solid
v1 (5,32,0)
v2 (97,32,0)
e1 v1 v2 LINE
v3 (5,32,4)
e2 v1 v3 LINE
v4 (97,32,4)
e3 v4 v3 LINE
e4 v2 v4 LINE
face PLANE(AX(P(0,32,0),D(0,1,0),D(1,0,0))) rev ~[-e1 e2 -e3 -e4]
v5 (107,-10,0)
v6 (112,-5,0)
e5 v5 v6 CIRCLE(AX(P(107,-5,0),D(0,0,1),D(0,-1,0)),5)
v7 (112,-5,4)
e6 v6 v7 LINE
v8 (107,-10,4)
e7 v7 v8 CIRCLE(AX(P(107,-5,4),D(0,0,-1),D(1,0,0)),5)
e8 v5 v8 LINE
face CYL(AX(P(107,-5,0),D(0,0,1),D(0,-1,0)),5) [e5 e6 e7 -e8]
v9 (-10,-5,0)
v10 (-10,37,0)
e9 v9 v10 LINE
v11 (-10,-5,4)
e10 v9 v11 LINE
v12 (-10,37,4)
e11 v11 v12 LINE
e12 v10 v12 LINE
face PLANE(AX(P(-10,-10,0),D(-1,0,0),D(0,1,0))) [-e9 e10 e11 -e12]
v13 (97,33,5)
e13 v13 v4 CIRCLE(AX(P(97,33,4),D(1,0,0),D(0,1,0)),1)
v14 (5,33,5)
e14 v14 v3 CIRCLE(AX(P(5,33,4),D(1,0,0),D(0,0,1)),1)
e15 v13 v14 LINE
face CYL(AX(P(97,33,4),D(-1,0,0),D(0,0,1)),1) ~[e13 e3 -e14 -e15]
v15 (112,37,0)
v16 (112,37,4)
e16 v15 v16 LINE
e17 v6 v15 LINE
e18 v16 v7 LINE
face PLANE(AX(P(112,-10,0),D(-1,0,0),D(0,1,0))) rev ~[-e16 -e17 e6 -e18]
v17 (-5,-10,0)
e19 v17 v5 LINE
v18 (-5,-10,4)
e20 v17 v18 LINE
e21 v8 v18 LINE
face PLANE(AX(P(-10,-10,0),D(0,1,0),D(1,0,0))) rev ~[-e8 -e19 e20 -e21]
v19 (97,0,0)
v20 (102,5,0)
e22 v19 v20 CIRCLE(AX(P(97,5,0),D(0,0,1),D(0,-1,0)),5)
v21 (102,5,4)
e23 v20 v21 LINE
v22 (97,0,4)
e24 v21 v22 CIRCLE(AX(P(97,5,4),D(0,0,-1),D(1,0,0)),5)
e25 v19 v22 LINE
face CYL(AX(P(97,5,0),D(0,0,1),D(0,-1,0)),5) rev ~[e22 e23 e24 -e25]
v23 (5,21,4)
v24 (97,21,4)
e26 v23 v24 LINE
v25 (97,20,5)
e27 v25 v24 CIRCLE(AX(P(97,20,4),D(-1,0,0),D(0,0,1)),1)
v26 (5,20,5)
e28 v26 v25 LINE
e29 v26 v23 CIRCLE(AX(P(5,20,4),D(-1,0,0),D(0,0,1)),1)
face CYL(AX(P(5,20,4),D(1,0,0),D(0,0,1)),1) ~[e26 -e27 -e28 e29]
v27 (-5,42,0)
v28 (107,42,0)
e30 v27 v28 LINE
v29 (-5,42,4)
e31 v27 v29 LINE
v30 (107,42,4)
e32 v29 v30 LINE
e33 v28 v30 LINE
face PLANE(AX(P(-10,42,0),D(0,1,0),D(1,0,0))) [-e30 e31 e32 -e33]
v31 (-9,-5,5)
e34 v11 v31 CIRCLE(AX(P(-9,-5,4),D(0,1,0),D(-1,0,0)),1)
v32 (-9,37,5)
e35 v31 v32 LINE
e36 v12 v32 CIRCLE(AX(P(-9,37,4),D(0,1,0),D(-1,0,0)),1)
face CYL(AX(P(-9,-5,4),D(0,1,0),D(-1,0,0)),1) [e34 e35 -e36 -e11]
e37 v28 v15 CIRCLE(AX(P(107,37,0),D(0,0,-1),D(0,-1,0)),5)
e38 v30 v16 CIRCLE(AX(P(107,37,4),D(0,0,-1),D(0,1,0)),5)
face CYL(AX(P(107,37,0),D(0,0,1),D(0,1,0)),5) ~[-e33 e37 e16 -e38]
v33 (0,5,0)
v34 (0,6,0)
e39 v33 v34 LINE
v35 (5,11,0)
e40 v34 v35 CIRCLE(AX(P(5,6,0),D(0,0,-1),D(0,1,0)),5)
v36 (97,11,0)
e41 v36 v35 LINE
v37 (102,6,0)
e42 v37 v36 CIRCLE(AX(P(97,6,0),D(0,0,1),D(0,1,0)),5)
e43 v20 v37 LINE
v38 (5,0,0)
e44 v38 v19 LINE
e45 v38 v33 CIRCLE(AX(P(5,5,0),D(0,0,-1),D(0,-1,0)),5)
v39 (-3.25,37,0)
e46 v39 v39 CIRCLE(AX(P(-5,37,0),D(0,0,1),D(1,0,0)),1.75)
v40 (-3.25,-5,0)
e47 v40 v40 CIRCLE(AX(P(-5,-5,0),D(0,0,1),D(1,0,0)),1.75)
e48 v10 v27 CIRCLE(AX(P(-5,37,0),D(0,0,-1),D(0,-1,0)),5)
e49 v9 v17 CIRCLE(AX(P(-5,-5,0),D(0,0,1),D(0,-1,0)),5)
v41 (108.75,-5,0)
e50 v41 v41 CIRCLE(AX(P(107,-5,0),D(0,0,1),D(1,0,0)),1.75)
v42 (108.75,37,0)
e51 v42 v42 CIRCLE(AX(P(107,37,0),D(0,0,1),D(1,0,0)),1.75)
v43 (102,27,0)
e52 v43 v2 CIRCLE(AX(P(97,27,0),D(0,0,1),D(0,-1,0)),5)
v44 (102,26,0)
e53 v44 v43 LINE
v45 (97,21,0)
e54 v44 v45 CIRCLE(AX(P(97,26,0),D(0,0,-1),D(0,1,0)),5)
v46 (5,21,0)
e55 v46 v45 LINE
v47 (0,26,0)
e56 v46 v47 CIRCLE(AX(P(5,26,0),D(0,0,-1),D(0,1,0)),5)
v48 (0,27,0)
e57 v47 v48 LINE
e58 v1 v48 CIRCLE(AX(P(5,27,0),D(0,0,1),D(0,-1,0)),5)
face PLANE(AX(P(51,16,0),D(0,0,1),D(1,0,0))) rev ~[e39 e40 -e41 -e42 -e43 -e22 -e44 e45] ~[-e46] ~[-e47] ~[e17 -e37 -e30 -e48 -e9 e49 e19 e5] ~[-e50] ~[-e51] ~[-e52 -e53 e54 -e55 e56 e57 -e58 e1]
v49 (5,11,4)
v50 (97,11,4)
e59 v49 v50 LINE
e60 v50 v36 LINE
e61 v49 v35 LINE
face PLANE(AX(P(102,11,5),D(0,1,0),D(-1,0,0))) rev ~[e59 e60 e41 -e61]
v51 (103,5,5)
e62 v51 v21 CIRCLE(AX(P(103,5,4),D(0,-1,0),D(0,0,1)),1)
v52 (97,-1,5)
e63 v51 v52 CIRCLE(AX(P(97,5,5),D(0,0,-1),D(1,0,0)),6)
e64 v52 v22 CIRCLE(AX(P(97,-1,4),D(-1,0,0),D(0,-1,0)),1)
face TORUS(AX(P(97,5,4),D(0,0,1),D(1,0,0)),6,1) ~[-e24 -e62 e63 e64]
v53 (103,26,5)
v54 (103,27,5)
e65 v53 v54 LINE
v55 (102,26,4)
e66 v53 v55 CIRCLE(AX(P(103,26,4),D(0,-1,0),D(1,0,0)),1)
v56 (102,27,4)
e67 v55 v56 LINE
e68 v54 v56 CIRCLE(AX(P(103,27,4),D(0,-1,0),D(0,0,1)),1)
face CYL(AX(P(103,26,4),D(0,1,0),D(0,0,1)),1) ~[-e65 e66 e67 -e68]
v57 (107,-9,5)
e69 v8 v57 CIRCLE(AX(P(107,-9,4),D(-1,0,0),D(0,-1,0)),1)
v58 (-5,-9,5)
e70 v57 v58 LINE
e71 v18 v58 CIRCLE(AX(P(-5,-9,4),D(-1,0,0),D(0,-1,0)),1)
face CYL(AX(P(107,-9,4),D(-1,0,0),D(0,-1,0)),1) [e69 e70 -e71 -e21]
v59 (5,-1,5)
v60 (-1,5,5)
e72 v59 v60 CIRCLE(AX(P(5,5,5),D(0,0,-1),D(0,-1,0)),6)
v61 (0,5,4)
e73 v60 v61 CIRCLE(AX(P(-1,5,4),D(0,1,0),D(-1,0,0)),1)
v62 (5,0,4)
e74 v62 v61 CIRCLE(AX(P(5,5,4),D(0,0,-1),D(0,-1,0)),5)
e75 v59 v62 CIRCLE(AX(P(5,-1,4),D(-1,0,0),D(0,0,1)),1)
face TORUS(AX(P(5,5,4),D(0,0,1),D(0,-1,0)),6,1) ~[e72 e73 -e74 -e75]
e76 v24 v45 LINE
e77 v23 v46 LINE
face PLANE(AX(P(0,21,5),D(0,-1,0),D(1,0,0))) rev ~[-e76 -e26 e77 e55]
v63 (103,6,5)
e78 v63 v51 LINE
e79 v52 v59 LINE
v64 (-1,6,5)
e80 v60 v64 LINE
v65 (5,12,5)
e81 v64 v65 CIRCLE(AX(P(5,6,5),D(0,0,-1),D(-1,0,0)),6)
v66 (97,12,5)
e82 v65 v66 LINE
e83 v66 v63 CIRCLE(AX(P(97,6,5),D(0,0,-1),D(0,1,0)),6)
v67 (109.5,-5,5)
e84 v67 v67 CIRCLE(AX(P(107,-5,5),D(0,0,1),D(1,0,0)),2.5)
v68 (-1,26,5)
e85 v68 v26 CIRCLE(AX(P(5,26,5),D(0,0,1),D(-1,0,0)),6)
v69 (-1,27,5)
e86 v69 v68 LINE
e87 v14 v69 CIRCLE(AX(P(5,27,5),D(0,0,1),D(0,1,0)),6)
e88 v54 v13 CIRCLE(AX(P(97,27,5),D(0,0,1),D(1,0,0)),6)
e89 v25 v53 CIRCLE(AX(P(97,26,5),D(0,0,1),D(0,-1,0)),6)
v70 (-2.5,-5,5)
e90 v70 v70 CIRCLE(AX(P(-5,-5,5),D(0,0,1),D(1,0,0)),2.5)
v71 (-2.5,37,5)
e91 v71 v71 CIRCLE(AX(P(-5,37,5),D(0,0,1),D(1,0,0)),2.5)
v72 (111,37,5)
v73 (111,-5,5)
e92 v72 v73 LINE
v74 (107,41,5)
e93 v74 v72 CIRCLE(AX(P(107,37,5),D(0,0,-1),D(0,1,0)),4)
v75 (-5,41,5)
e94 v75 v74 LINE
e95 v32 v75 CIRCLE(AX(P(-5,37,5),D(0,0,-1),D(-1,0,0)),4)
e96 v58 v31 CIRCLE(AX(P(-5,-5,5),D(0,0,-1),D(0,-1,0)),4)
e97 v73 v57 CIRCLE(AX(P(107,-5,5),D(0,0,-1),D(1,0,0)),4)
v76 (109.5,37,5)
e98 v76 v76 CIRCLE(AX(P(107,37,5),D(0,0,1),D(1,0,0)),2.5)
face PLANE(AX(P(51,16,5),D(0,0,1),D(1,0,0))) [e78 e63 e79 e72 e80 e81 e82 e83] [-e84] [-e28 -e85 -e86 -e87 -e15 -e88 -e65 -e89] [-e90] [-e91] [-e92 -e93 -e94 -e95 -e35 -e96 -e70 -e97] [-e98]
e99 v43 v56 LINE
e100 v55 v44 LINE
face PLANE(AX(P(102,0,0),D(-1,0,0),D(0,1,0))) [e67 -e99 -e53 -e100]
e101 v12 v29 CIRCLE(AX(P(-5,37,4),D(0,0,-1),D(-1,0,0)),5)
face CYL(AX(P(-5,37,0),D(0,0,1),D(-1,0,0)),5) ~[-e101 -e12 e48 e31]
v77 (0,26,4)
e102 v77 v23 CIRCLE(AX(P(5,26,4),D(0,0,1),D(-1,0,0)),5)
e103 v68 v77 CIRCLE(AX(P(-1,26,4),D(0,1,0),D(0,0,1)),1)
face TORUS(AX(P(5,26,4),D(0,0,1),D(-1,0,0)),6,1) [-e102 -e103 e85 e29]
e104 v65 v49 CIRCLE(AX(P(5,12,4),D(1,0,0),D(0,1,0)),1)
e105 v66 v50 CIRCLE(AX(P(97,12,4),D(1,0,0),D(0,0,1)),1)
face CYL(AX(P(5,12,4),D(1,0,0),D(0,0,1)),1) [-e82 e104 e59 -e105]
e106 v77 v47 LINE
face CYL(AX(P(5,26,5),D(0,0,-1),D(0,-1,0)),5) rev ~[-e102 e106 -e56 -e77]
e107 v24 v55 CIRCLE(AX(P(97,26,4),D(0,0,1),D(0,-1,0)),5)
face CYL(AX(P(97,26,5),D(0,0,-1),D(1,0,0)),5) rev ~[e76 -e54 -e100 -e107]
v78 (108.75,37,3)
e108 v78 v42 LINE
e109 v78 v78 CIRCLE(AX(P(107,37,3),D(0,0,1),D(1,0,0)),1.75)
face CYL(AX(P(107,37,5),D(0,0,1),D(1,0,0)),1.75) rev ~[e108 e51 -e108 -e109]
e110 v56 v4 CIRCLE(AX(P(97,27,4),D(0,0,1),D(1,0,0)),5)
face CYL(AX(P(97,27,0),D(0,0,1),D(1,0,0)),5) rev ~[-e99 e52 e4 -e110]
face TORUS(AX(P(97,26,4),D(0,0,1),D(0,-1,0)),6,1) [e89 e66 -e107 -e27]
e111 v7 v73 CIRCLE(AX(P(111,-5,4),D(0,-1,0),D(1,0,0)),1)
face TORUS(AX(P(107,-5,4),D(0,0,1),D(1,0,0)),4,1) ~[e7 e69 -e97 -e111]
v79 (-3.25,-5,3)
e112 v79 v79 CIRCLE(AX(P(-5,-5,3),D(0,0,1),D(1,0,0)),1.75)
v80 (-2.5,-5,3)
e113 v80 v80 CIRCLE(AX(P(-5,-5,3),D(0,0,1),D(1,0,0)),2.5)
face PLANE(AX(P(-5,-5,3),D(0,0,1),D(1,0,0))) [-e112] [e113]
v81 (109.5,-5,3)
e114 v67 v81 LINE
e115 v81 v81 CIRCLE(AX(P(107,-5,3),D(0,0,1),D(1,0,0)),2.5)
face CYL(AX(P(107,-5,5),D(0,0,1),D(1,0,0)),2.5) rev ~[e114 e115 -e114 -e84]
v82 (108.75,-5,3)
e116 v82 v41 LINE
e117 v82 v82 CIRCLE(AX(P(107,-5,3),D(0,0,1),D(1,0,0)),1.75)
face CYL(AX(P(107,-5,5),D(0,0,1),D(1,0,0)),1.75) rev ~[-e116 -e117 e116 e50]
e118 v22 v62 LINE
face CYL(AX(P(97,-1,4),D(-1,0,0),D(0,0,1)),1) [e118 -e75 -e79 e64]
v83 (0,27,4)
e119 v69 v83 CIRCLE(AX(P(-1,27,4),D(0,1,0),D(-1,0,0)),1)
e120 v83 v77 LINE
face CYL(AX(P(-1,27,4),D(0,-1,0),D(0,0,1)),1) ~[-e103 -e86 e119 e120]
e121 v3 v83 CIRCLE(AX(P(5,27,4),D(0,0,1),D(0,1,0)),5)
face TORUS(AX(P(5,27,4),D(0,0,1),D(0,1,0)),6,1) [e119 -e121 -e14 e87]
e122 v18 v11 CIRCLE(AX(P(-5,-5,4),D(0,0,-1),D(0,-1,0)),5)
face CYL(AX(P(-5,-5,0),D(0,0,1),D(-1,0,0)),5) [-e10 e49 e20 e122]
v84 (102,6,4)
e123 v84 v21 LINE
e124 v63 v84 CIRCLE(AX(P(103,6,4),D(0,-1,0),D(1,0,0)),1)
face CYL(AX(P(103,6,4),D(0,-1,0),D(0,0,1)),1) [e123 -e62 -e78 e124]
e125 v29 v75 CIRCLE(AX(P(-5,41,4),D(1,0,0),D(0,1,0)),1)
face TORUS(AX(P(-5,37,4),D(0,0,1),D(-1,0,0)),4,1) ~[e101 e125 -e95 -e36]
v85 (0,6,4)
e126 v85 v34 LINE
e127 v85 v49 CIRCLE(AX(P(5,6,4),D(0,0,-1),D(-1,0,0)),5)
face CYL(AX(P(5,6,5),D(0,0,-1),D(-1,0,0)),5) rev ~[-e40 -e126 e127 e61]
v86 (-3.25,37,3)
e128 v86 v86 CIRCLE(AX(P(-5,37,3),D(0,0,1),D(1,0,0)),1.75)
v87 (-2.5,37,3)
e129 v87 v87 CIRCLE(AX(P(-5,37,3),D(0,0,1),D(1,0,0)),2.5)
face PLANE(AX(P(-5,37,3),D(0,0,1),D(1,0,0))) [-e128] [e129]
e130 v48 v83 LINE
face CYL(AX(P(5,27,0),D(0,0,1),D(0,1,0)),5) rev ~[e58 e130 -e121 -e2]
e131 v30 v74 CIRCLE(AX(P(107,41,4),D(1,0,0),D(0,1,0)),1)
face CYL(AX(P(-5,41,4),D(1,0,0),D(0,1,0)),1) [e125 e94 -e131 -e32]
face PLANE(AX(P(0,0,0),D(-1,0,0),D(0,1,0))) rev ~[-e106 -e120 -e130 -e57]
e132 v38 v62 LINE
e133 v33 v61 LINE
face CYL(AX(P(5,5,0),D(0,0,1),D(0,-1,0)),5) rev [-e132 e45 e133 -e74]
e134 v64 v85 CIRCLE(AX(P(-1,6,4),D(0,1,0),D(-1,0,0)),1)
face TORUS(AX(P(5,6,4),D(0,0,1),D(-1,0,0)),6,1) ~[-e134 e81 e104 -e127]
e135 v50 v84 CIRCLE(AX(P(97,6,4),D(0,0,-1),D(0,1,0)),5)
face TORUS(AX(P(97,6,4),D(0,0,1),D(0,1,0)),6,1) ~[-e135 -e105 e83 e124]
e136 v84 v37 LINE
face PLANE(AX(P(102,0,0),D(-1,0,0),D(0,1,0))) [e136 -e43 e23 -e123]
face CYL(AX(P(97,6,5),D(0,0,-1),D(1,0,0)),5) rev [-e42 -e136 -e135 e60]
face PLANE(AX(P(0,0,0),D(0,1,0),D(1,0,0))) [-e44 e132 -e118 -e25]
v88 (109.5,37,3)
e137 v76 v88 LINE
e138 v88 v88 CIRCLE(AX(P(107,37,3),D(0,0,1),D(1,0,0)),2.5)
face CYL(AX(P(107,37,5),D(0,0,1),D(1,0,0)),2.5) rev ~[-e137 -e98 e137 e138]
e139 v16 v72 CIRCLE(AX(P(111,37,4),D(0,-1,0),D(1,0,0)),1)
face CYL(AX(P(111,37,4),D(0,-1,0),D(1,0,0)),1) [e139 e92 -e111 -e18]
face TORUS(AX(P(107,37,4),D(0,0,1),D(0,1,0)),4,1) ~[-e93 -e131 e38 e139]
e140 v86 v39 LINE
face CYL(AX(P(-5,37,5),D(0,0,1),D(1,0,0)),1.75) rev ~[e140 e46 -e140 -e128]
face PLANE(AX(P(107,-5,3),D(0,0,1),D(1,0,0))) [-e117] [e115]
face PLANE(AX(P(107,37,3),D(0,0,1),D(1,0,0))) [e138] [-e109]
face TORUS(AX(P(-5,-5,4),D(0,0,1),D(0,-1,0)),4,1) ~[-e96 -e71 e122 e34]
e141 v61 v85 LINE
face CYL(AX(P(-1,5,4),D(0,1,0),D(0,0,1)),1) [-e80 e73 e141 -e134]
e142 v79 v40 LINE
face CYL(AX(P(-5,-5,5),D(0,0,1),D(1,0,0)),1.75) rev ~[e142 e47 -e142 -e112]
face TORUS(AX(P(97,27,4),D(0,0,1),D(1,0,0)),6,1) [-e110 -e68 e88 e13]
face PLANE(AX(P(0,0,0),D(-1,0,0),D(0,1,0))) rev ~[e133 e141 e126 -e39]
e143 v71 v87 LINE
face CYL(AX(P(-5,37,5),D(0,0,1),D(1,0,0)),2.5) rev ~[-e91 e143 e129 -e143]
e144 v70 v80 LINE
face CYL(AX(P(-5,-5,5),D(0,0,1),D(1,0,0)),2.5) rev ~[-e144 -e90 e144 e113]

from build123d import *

# Parameters (mm, degrees)
SKETCH1_W           = 122
SKETCH1_H           = 52
SKETCH1_W_2         = 102
SKETCH1_H_2         = 32
BOSS_EXTRUDE1_DEPTH = 5
BOSS_EXTRUDE2_DEPTH = 5
SKETCH5_R           = 1.75
CUT_EXTRUDE2_DEPTH  = 120.720507851
SKETCH6_R           = 2.5
CUT_EXTRUDE3_DEPTH  = 2
FILLET1_R           = 5
FILLET2_R           = 1


with BuildPart() as part:
    # Sketch1 → Boss-Extrude1 (new body)
    with BuildSketch(Plane.XY):
        with Locations((51, 16)):
            Rectangle(SKETCH1_W, SKETCH1_H)
        with Locations((51, 16)):
            Rectangle(SKETCH1_W_2, SKETCH1_H_2, mode=Mode.SUBTRACT)
    extrude(amount=BOSS_EXTRUDE1_DEPTH)

    # Sketch2 → Boss-Extrude2 (add)
    with BuildSketch(Plane.XY.offset(5)):
        Polygon((0, 21), (102, 21), (102, 16), (102, 11), (0, 11), (0, 16), align=None)
    extrude(amount=-BOSS_EXTRUDE2_DEPTH)

    # Sketch5 → Cut-Extrude2 (cut, through all)
    with BuildSketch(Plane.XY.offset(5)):
        with Locations((-5, 37)):
            Circle(SKETCH5_R)
        with Locations((107, 37)):
            Circle(SKETCH5_R)
        with Locations((107, -5)):
            Circle(SKETCH5_R)
        with Locations((-5, -5)):
            Circle(SKETCH5_R)
    extrude(amount=-CUT_EXTRUDE2_DEPTH, mode=Mode.SUBTRACT)

    # Sketch6 → Cut-Extrude3 (cut)
    with BuildSketch(Plane.XY.offset(5)):
        with Locations((-5, 37)):
            Circle(SKETCH6_R)
        with Locations((107, 37)):
            Circle(SKETCH6_R)
        with Locations((107, -5)):
            Circle(SKETCH6_R)
        with Locations((-5, -5)):
            Circle(SKETCH6_R)
    extrude(amount=-CUT_EXTRUDE3_DEPTH, mode=Mode.SUBTRACT)

    # Fillet1
    fillet1_edges = [part.edges().sort_by_distance(p)[0] for p in [
        (0, 32, 2.5),
        (0, 0, 2.5),
        (102, 0, 2.5),
        (102, 32, 2.5),
        (0, 11, 2.5),
        (0, 21, 2.5),
        (102, 21, 2.5),
        (102, 11, 2.5),
        (-10, 42, 2.5),
        (112, 42, 2.5),
        (112, -10, 2.5),
        (-10, -10, 2.5),
    ]]
    fillet(fillet1_edges, radius=FILLET1_R)

    # Fillet2
    fillet2_edges = [part.edges().sort_by_distance(p)[0] for p in [
        (51, 21, 5),
        (0, 26.5, 5),
        (102, 26.5, 5),
        (51, 32, 5),
        (-10, 16, 5),
        (51, 42, 5),
        (51, -10, 5),
        (112, 16, 5),
        (-8.535533906, -8.535533906, 5),
        (110.535533906, -8.535533906, 5),
        (110.535533906, 40.535533906, 5),
        (-8.535533906, 40.535533906, 5),
        (1.464466094, 9.535533906, 5),
        (100.535533906, 1.464466094, 5),
        (100.535533906, 9.535533906, 5),
        (1.464466094, 1.464466094, 5),
        (1.464466094, 22.464466094, 5),
        (100.535533906, 22.464466094, 5),
        (100.535533906, 30.535533906, 5),
        (1.464466094, 30.535533906, 5),
        (0, 5.5, 5),
        (51, 11, 5),
        (51, 0, 5),
        (102, 5.5, 5),
    ]]
    fillet(fillet2_edges, radius=FILLET2_R)


solid = part.part
